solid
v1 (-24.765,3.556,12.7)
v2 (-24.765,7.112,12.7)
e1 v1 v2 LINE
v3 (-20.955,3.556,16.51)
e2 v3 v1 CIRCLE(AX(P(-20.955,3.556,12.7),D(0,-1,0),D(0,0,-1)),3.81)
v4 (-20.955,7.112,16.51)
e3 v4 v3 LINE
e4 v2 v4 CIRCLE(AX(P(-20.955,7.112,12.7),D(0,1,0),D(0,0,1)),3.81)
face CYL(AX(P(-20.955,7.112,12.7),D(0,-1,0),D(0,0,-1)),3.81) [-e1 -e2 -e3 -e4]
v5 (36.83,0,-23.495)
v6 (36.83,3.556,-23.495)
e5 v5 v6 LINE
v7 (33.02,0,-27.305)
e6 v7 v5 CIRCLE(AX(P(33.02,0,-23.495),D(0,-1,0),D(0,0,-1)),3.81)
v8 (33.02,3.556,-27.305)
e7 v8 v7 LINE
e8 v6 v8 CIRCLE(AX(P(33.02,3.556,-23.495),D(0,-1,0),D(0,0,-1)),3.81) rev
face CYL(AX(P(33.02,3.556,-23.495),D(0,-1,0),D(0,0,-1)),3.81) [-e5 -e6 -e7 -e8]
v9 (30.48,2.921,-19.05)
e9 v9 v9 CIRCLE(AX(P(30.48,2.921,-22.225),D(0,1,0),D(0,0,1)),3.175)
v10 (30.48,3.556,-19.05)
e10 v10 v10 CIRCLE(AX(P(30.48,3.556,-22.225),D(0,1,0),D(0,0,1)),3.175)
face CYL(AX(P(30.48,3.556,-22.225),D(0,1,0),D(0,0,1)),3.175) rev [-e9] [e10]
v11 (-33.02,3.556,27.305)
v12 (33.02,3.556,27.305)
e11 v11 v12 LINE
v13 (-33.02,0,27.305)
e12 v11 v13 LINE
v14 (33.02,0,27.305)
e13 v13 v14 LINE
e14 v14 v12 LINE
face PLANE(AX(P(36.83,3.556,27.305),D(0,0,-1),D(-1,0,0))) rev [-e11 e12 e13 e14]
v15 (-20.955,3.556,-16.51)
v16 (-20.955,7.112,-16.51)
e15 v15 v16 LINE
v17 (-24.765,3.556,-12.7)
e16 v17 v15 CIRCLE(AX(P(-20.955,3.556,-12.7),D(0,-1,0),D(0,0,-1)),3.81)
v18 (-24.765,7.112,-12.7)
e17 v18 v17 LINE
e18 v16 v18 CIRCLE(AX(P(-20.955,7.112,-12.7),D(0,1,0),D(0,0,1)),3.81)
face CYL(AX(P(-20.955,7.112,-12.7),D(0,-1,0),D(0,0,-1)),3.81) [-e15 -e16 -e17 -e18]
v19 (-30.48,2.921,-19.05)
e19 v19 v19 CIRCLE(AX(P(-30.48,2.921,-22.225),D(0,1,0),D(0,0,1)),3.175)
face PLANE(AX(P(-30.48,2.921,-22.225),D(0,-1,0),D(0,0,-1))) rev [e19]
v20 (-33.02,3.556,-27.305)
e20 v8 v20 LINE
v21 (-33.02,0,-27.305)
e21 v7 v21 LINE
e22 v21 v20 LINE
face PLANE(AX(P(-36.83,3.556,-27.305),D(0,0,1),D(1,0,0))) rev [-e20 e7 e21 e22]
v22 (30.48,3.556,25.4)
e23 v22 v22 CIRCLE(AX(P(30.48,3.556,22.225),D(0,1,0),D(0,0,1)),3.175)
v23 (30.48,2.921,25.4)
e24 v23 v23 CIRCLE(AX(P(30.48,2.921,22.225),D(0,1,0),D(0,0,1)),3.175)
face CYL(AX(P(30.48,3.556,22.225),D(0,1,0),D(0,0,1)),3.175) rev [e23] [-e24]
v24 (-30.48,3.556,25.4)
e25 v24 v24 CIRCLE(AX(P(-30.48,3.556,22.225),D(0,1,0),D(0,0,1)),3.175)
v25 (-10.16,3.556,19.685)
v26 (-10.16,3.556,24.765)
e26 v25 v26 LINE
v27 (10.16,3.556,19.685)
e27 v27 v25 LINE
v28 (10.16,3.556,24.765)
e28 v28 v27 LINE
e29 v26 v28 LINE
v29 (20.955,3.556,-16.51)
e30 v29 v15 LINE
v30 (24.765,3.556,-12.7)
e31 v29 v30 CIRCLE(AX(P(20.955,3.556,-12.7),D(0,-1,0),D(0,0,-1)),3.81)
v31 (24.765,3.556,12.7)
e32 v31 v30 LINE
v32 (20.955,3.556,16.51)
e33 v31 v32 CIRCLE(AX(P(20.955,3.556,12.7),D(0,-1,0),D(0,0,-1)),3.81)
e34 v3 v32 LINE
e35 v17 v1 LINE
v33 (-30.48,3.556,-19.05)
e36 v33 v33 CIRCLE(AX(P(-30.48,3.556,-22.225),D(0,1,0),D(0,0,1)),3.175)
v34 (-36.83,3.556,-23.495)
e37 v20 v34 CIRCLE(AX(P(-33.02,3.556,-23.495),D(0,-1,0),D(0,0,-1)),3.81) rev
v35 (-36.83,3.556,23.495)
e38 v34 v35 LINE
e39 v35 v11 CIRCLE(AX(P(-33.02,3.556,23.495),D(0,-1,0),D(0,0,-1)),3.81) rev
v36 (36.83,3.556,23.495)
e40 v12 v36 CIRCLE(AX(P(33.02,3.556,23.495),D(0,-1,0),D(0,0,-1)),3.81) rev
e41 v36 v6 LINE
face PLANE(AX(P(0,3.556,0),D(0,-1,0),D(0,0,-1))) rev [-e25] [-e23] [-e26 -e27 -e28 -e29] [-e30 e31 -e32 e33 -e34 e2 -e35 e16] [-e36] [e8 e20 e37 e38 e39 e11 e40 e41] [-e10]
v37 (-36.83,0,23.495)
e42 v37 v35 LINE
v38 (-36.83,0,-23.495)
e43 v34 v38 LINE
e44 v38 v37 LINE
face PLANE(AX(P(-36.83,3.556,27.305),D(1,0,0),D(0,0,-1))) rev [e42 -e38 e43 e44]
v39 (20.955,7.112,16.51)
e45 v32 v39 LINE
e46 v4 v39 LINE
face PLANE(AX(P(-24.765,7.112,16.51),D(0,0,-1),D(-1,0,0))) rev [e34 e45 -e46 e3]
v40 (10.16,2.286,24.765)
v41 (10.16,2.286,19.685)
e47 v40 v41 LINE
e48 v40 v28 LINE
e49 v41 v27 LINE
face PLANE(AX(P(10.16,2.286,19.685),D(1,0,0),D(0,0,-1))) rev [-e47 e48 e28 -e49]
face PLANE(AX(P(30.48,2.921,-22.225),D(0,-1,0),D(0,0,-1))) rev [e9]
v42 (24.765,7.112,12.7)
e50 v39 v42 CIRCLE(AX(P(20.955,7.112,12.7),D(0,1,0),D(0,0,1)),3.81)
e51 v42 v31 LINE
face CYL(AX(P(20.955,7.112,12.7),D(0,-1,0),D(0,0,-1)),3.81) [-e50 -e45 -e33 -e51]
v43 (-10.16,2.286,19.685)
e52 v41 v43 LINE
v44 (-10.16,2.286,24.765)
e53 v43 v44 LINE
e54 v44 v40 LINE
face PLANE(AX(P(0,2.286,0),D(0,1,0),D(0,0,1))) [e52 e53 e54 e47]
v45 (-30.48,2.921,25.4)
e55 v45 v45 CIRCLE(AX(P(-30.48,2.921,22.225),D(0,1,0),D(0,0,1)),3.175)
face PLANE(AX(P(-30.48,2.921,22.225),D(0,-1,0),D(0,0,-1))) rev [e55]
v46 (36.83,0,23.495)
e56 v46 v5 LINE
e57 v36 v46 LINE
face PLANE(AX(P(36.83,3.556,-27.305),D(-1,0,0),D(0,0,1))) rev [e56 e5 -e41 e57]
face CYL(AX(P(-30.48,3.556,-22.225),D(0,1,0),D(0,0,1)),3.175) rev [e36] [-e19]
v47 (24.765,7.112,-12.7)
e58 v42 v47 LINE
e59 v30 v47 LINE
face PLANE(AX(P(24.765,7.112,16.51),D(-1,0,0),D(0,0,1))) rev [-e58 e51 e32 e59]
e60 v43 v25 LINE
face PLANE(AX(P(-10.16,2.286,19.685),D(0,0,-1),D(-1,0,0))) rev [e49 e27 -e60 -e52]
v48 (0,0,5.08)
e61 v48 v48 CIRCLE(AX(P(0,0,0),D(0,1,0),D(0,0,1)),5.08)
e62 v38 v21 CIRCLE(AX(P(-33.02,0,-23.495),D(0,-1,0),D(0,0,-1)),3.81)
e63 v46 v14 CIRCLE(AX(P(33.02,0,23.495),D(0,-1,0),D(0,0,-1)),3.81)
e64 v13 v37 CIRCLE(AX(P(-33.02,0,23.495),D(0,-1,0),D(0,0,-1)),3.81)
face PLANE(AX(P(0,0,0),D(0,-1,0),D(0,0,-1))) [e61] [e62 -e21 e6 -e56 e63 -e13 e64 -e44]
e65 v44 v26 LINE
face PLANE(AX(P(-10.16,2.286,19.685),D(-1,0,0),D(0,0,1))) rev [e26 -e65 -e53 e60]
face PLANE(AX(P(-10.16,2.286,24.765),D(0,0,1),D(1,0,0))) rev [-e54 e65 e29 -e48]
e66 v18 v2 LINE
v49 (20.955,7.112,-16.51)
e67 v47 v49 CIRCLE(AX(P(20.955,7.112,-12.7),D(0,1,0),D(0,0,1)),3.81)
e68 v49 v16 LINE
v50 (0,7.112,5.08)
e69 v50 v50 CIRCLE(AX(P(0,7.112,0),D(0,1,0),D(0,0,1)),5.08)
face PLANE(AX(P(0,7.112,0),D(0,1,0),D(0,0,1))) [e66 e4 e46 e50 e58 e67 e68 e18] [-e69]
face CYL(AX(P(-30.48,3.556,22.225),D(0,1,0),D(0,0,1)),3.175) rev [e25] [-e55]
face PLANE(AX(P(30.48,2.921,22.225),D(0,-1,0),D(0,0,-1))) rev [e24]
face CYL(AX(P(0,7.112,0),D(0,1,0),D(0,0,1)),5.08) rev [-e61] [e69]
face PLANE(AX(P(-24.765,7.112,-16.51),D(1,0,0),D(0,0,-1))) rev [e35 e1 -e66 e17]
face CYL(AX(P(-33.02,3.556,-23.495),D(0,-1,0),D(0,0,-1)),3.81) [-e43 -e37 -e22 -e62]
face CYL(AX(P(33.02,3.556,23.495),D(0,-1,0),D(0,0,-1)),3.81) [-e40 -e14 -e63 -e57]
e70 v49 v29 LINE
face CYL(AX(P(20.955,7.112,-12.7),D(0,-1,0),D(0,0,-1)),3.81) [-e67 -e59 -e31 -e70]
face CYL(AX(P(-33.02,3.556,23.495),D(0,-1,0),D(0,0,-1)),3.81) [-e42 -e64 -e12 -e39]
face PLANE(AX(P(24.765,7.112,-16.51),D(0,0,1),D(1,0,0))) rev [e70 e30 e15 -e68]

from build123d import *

# Parameters (mm, degrees)
SKETCH3_W                      = 73.66
SKETCH3_H                      = 54.61
EXTRUDED_LOWER_PLATE_DEPTH     = 3.556
SKETCH4_W                      = 49.53
SKETCH4_H                      = 33.02
EXTRUDED_UPPER_PLATE_DEPTH     = 3.556
PLATE_CORNER_FILLET_R          = 3.81
F_0_4D_HOLE_D                  = 10.16
SKETCH9_W                      = 20.32
SKETCH9_H                      = 5.08
EXTRUDED_RECTANGULAR_CUT_DEPTH = 1.27
F_4X_0_25D_PINS_D              = 6.35
F_4X_0_25D_PINS_DEPTH          = 0.635


with BuildPart() as part:
    # Sketch3 → Extruded Lower Plate (new body)
    with BuildSketch(Plane(origin=(0, 0, 0), x_dir=(1, 0, 0), z_dir=(0, 1, 0))):
        Rectangle(SKETCH3_W, SKETCH3_H)
    extrude(amount=EXTRUDED_LOWER_PLATE_DEPTH)

    # Sketch4 → Extruded Upper Plate (add)
    with BuildSketch(Plane(origin=(0, 3.556, 0), x_dir=(1, 0, 0), z_dir=(0, 1, 0))):
        Rectangle(SKETCH4_W, SKETCH4_H)
    extrude(amount=EXTRUDED_UPPER_PLATE_DEPTH)

    # Plate Corner Fillet
    plate_corner_fillet_edges = [part.edges().sort_by_distance(p)[0] for p in [
        (24.765, 5.334, -16.51),
        (-24.765, 5.334, -16.51),
        (-24.765, 5.334, 16.51),
        (24.765, 5.334, 16.51),
        (-36.83, 1.778, -27.305),
        (36.83, 1.778, -27.305),
        (36.83, 1.778, 27.305),
        (-36.83, 1.778, 27.305),
    ]]
    fillet(plate_corner_fillet_edges, radius=PLATE_CORNER_FILLET_R)

    # 0.4D Hole (through all)
    with Locations(Plane(origin=(0, 7.112, 0), x_dir=(1, 0, 0), z_dir=(0, 1, 0))):
        with Locations((0, 0)):
            Hole(F_0_4D_HOLE_D / 2)

    # Sketch9 → Extruded Rectangular Cut (cut)
    with BuildSketch(Plane(origin=(0, 3.556, 0), x_dir=(1, 0, 0), z_dir=(0, 1, 0))):
        with Locations((0, -22.225)):
            Rectangle(SKETCH9_W, SKETCH9_H)
    extrude(amount=-EXTRUDED_RECTANGULAR_CUT_DEPTH, mode=Mode.SUBTRACT)

    # 4X 0.25D Pins
    with Locations(Plane(origin=(0, 3.556, 0), x_dir=(1, 0, 0), z_dir=(0, 1, 0))):
        with Locations((-30.48, -22.225), (-30.48, 22.225), (30.48, 22.225), (30.48, -22.225)):
            Hole(F_4X_0_25D_PINS_D / 2, depth=F_4X_0_25D_PINS_DEPTH)


solid = part.part
